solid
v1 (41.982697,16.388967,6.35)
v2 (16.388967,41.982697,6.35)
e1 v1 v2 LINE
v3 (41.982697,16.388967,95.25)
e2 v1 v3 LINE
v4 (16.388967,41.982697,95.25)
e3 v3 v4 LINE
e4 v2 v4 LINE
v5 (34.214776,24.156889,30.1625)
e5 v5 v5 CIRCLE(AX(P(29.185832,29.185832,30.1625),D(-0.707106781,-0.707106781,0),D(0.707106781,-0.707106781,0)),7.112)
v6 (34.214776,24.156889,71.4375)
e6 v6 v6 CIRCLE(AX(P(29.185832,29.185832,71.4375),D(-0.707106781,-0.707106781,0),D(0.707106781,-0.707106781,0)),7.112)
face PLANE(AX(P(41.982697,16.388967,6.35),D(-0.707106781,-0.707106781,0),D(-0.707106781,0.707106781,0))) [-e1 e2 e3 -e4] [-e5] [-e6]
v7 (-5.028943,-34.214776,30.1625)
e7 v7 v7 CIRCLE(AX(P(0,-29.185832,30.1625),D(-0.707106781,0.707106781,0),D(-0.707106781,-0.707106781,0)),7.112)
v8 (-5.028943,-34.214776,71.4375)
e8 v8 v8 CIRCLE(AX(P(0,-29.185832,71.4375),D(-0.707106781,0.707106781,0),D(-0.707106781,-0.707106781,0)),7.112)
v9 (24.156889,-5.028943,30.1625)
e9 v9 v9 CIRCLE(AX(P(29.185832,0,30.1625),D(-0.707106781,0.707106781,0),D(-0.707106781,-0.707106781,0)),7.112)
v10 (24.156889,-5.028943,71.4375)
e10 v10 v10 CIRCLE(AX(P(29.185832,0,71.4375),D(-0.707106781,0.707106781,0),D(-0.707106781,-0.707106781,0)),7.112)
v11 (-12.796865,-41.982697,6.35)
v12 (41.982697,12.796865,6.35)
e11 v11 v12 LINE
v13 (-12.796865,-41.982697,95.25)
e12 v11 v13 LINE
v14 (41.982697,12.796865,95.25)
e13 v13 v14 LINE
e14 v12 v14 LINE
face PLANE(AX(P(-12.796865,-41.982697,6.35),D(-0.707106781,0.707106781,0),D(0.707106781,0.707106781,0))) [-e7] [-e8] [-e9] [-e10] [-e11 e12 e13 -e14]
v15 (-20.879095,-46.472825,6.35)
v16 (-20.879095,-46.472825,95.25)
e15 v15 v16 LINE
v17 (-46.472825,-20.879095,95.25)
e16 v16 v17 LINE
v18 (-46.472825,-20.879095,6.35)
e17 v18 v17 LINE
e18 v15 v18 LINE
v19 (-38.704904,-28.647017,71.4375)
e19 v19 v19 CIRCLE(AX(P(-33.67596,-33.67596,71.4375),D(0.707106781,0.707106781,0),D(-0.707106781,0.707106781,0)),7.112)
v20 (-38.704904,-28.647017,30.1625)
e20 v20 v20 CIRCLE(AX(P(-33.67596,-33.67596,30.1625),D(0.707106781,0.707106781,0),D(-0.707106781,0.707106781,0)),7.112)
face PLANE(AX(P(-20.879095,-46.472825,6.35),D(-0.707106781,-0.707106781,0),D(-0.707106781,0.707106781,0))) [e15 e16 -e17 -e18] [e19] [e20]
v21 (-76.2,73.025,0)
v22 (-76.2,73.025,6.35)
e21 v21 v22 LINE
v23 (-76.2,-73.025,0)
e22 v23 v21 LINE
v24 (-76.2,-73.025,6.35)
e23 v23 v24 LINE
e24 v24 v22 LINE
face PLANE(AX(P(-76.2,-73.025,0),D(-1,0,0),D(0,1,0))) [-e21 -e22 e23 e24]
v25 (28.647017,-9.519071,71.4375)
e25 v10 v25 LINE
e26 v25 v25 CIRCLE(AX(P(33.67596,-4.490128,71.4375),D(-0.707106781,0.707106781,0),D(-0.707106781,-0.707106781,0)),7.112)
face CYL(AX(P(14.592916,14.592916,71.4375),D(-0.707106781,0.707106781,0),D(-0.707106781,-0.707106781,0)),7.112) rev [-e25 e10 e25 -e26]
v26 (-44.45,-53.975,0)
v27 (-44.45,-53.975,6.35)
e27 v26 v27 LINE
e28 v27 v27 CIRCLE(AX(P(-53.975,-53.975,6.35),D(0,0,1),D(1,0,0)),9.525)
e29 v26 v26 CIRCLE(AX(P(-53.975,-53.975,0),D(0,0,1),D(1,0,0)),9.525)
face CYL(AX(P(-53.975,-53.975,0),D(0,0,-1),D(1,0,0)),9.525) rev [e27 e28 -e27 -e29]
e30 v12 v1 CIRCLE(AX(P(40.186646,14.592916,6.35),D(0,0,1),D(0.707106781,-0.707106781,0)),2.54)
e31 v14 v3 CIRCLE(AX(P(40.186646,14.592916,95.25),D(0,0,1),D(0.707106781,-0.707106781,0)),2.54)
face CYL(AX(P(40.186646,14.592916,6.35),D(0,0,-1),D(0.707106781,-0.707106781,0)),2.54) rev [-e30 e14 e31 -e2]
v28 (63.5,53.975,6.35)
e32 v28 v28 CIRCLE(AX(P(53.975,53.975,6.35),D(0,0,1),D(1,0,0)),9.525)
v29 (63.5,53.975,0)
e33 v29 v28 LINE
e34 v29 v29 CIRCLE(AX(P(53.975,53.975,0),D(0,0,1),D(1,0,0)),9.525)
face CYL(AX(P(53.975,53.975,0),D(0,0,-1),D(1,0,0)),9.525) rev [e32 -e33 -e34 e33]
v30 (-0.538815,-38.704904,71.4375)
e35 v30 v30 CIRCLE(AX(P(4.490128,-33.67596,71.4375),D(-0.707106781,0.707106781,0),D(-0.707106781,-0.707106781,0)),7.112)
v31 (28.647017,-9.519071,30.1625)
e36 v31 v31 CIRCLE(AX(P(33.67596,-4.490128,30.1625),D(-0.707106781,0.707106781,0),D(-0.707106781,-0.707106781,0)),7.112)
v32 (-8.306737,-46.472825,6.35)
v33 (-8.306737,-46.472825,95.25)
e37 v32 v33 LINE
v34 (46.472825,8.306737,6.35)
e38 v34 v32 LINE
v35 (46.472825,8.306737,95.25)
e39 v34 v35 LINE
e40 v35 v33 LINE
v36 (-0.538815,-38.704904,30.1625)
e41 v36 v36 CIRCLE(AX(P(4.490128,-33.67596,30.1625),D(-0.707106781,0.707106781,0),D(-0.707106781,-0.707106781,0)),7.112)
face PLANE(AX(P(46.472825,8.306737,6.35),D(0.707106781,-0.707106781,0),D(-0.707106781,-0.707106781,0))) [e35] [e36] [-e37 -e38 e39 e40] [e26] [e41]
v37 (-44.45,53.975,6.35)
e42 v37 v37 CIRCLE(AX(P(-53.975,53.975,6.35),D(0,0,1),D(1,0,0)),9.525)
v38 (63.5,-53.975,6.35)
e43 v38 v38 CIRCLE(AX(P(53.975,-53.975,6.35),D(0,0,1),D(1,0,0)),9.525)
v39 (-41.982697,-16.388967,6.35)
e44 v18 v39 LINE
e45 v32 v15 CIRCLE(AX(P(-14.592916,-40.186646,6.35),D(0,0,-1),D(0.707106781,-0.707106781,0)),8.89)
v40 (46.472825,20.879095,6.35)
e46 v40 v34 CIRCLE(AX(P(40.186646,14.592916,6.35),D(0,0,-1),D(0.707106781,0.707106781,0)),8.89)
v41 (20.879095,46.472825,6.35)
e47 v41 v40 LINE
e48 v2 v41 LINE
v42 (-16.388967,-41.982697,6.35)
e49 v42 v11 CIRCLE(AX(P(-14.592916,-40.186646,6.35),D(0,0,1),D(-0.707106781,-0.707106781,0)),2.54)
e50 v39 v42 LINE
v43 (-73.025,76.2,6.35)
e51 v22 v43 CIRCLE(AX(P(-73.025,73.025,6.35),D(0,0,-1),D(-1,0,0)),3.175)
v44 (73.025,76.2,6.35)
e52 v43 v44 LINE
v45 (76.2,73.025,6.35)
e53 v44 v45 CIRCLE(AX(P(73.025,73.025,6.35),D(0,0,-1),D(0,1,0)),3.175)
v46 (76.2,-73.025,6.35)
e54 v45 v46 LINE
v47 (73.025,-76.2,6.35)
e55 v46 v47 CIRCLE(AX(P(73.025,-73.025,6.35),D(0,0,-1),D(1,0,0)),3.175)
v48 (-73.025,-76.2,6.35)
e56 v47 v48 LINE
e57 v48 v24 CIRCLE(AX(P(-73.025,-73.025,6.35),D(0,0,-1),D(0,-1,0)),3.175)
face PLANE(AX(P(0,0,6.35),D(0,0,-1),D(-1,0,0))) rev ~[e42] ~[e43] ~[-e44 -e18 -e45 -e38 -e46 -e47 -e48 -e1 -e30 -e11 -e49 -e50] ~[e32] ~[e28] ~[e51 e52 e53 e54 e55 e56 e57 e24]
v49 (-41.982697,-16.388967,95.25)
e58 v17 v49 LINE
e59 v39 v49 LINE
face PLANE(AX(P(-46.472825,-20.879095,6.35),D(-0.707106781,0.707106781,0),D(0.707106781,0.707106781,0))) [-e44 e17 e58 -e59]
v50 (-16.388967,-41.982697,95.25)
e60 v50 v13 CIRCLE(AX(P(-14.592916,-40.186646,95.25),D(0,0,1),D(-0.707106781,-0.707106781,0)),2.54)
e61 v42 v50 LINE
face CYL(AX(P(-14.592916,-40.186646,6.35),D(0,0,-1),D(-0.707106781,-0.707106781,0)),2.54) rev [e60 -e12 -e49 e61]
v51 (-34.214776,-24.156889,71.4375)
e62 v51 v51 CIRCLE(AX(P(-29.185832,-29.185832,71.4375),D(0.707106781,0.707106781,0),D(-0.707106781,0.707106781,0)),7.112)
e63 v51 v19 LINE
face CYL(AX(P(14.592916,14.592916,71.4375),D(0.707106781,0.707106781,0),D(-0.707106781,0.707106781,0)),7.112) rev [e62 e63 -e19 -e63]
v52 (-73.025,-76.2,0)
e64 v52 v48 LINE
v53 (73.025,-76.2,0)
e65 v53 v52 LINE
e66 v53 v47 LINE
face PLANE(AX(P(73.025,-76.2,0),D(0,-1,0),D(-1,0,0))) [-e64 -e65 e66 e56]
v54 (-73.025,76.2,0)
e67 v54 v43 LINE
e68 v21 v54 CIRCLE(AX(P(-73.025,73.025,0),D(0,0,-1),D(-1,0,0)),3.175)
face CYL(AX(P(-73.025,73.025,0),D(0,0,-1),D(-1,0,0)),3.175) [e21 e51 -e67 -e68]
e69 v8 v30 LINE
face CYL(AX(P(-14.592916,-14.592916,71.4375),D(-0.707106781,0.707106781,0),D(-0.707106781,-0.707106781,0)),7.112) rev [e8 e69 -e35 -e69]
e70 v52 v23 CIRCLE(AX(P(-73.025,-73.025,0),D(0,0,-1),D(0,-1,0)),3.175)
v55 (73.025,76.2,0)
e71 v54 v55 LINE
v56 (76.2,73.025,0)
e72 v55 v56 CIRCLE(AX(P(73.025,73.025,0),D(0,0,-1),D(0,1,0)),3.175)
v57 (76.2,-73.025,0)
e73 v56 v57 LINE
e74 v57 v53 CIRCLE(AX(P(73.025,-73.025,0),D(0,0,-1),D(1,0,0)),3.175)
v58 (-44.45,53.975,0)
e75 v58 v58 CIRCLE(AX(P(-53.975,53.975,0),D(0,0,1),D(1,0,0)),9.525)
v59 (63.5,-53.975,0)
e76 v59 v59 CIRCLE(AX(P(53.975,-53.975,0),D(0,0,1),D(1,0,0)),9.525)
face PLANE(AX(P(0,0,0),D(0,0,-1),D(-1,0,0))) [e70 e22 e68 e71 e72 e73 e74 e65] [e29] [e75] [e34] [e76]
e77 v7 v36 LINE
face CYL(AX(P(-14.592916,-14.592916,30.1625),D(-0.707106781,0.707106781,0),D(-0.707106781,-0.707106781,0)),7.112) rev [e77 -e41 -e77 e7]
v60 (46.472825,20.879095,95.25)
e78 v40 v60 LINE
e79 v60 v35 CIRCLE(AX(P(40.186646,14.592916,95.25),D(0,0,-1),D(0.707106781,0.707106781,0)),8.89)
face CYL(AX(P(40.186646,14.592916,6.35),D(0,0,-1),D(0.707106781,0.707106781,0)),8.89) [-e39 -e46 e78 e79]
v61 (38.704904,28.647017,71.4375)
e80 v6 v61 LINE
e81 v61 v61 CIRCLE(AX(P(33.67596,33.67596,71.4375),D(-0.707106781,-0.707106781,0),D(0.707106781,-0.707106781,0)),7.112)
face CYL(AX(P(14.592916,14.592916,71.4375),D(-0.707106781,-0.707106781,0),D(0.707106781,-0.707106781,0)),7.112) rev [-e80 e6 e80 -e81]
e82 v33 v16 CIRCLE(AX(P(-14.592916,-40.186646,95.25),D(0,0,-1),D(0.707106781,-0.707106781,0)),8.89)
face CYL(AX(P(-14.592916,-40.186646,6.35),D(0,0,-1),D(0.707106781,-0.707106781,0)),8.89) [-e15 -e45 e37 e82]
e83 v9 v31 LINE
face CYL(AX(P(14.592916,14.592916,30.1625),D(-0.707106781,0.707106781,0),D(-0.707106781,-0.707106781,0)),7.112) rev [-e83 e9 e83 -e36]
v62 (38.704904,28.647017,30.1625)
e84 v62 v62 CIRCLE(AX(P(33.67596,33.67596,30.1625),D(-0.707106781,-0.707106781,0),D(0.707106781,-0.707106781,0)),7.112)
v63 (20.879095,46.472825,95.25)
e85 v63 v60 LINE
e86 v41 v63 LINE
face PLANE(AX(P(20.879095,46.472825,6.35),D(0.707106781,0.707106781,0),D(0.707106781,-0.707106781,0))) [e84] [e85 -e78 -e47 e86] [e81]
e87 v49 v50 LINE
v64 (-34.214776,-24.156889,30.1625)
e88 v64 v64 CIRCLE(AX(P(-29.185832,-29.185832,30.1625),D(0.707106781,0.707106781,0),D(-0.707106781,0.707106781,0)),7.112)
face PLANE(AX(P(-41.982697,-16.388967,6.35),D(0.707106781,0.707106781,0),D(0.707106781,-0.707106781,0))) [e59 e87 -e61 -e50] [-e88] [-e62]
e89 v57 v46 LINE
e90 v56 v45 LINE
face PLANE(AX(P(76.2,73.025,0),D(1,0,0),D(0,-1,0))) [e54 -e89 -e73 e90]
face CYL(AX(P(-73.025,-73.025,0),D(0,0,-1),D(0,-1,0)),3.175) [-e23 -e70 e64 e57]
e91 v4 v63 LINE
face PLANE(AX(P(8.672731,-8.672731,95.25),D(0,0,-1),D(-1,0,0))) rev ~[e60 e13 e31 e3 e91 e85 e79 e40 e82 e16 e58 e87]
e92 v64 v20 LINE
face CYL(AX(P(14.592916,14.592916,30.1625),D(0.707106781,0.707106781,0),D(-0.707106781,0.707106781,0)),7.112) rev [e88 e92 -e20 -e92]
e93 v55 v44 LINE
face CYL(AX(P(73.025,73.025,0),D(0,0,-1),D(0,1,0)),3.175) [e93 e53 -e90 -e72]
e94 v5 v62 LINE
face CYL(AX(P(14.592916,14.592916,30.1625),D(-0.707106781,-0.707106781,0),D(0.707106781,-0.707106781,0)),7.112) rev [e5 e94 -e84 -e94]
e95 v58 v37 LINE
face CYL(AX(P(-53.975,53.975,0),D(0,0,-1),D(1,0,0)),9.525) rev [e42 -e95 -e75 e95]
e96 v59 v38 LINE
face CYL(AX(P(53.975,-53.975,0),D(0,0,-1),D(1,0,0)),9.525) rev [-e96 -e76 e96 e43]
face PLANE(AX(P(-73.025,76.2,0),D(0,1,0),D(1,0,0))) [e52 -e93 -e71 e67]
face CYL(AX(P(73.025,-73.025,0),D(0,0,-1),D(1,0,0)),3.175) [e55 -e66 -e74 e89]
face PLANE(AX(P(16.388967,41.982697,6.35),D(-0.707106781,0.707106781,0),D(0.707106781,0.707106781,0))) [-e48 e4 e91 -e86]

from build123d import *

# Parameters (mm, degrees)
SKETCH1_R           = 9.525
BOSS_EXTRUDE1_DEPTH = 6.35
EXTRUDE_THIN1_DEPTH = 88.9
SKETCH3_R           = 7.112
CUT_EXTRUDE1_DEPTH  = 144.824345992
CIRPATTERN1_COUNT   = 4


with BuildPart() as part:
    # Sketch1 → Boss-Extrude1 (new body)
    with BuildSketch(Plane.XY):
        with BuildLine():
            Line((-73.025, 76.2), (73.025, 76.2))
            ThreePointArc((73.025, 76.2), (75.27006403, 75.27006403), (76.2, 73.025))
            Line((76.2, 73.025), (76.2, -73.025))
            ThreePointArc((76.2, -73.025), (75.27006403, -75.27006403), (73.025, -76.2))
            Line((73.025, -76.2), (-73.025, -76.2))
            ThreePointArc((-73.025, -76.2), (-75.27006403, -75.27006403), (-76.2, -73.025))
            Line((-76.2, -73.025), (-76.2, 73.025))
            ThreePointArc((-76.2, 73.025), (-75.27006403, 75.27006403), (-73.025, 76.2))
        make_face()
        with Locations((-53.975, 53.975)):
            Circle(SKETCH1_R, mode=Mode.SUBTRACT)
        with Locations((-53.975, -53.975)):
            Circle(SKETCH1_R, mode=Mode.SUBTRACT)
        with Locations((53.975, 53.975)):
            Circle(SKETCH1_R, mode=Mode.SUBTRACT)
        with Locations((53.975, -53.975)):
            Circle(SKETCH1_R, mode=Mode.SUBTRACT)
    extrude(amount=BOSS_EXTRUDE1_DEPTH)

    # Sketch2 → Extrude-Thin1 (add)
    with BuildSketch(Plane.XY.offset(6.35)):
        with BuildLine():
            Line((-41.982697366, -16.388967421), (-16.388967421, -41.982697366))
            ThreePointArc((-16.388967421, -41.982697366), (-14.592916197, -42.726646142), (-12.796864973, -41.982697366))
            Line((-12.796864973, -41.982697366), (41.982697366, 12.796864973))
            ThreePointArc((41.982697366, 12.796864973), (42.726646142, 14.592916197), (41.982697366, 16.388967421))
            Line((41.982697366, 16.388967421), (16.388967421, 41.982697366))
            Line((16.388967421, 41.982697366), (20.879095481, 46.472825427))
            Line((20.879095481, 46.472825427), (46.472825427, 20.879095481))
            ThreePointArc((46.472825427, 20.879095481), (49.076646142, 14.592916197), (46.472825427, 8.306736912))
            Line((46.472825427, 8.306736912), (-8.306736912, -46.472825427))
            ThreePointArc((-8.306736912, -46.472825427), (-14.592916197, -49.076646142), (-20.879095481, -46.472825427))
            Line((-20.879095481, -46.472825427), (-46.472825427, -20.879095481))
            Line((-46.472825427, -20.879095481), (-41.982697366, -16.388967421))
        make_face()
    extrude(amount=EXTRUDE_THIN1_DEPTH)

    # Sketch3 → Cut-Extrude1 (cut, through all)
    with BuildSketch(Plane(origin=(0, 0, 0), x_dir=(-0.7071067811865511, -0.707106781186544, 0), z_dir=(0.707106781186544, -0.7071067811865511, 0))):
        with Locations((-20.6375, -30.1625)):
            Circle(SKETCH3_R)
        with Locations((-20.6375, -71.4375)):
            Circle(SKETCH3_R)
        with Locations((20.6375, -71.4375)):
            Circle(SKETCH3_R)
        with Locations((20.6375, -30.1625)):
            Circle(SKETCH3_R)
    cut_extrude1 = extrude(amount=CUT_EXTRUDE1_DEPTH, mode=Mode.SUBTRACT)

    # CirPattern1: Cut-Extrude1 ×4 about axis, 1 skipped
    cirpattern1_axis = Axis((14.592916197, 14.592916197, 71.4375), (0, 0, -1))
    add([cut_extrude1.rotate(cirpattern1_axis, i * 360 / CIRPATTERN1_COUNT) for i in range(1, CIRPATTERN1_COUNT) if i not in (2,)], mode=Mode.SUBTRACT)


solid = part.part
